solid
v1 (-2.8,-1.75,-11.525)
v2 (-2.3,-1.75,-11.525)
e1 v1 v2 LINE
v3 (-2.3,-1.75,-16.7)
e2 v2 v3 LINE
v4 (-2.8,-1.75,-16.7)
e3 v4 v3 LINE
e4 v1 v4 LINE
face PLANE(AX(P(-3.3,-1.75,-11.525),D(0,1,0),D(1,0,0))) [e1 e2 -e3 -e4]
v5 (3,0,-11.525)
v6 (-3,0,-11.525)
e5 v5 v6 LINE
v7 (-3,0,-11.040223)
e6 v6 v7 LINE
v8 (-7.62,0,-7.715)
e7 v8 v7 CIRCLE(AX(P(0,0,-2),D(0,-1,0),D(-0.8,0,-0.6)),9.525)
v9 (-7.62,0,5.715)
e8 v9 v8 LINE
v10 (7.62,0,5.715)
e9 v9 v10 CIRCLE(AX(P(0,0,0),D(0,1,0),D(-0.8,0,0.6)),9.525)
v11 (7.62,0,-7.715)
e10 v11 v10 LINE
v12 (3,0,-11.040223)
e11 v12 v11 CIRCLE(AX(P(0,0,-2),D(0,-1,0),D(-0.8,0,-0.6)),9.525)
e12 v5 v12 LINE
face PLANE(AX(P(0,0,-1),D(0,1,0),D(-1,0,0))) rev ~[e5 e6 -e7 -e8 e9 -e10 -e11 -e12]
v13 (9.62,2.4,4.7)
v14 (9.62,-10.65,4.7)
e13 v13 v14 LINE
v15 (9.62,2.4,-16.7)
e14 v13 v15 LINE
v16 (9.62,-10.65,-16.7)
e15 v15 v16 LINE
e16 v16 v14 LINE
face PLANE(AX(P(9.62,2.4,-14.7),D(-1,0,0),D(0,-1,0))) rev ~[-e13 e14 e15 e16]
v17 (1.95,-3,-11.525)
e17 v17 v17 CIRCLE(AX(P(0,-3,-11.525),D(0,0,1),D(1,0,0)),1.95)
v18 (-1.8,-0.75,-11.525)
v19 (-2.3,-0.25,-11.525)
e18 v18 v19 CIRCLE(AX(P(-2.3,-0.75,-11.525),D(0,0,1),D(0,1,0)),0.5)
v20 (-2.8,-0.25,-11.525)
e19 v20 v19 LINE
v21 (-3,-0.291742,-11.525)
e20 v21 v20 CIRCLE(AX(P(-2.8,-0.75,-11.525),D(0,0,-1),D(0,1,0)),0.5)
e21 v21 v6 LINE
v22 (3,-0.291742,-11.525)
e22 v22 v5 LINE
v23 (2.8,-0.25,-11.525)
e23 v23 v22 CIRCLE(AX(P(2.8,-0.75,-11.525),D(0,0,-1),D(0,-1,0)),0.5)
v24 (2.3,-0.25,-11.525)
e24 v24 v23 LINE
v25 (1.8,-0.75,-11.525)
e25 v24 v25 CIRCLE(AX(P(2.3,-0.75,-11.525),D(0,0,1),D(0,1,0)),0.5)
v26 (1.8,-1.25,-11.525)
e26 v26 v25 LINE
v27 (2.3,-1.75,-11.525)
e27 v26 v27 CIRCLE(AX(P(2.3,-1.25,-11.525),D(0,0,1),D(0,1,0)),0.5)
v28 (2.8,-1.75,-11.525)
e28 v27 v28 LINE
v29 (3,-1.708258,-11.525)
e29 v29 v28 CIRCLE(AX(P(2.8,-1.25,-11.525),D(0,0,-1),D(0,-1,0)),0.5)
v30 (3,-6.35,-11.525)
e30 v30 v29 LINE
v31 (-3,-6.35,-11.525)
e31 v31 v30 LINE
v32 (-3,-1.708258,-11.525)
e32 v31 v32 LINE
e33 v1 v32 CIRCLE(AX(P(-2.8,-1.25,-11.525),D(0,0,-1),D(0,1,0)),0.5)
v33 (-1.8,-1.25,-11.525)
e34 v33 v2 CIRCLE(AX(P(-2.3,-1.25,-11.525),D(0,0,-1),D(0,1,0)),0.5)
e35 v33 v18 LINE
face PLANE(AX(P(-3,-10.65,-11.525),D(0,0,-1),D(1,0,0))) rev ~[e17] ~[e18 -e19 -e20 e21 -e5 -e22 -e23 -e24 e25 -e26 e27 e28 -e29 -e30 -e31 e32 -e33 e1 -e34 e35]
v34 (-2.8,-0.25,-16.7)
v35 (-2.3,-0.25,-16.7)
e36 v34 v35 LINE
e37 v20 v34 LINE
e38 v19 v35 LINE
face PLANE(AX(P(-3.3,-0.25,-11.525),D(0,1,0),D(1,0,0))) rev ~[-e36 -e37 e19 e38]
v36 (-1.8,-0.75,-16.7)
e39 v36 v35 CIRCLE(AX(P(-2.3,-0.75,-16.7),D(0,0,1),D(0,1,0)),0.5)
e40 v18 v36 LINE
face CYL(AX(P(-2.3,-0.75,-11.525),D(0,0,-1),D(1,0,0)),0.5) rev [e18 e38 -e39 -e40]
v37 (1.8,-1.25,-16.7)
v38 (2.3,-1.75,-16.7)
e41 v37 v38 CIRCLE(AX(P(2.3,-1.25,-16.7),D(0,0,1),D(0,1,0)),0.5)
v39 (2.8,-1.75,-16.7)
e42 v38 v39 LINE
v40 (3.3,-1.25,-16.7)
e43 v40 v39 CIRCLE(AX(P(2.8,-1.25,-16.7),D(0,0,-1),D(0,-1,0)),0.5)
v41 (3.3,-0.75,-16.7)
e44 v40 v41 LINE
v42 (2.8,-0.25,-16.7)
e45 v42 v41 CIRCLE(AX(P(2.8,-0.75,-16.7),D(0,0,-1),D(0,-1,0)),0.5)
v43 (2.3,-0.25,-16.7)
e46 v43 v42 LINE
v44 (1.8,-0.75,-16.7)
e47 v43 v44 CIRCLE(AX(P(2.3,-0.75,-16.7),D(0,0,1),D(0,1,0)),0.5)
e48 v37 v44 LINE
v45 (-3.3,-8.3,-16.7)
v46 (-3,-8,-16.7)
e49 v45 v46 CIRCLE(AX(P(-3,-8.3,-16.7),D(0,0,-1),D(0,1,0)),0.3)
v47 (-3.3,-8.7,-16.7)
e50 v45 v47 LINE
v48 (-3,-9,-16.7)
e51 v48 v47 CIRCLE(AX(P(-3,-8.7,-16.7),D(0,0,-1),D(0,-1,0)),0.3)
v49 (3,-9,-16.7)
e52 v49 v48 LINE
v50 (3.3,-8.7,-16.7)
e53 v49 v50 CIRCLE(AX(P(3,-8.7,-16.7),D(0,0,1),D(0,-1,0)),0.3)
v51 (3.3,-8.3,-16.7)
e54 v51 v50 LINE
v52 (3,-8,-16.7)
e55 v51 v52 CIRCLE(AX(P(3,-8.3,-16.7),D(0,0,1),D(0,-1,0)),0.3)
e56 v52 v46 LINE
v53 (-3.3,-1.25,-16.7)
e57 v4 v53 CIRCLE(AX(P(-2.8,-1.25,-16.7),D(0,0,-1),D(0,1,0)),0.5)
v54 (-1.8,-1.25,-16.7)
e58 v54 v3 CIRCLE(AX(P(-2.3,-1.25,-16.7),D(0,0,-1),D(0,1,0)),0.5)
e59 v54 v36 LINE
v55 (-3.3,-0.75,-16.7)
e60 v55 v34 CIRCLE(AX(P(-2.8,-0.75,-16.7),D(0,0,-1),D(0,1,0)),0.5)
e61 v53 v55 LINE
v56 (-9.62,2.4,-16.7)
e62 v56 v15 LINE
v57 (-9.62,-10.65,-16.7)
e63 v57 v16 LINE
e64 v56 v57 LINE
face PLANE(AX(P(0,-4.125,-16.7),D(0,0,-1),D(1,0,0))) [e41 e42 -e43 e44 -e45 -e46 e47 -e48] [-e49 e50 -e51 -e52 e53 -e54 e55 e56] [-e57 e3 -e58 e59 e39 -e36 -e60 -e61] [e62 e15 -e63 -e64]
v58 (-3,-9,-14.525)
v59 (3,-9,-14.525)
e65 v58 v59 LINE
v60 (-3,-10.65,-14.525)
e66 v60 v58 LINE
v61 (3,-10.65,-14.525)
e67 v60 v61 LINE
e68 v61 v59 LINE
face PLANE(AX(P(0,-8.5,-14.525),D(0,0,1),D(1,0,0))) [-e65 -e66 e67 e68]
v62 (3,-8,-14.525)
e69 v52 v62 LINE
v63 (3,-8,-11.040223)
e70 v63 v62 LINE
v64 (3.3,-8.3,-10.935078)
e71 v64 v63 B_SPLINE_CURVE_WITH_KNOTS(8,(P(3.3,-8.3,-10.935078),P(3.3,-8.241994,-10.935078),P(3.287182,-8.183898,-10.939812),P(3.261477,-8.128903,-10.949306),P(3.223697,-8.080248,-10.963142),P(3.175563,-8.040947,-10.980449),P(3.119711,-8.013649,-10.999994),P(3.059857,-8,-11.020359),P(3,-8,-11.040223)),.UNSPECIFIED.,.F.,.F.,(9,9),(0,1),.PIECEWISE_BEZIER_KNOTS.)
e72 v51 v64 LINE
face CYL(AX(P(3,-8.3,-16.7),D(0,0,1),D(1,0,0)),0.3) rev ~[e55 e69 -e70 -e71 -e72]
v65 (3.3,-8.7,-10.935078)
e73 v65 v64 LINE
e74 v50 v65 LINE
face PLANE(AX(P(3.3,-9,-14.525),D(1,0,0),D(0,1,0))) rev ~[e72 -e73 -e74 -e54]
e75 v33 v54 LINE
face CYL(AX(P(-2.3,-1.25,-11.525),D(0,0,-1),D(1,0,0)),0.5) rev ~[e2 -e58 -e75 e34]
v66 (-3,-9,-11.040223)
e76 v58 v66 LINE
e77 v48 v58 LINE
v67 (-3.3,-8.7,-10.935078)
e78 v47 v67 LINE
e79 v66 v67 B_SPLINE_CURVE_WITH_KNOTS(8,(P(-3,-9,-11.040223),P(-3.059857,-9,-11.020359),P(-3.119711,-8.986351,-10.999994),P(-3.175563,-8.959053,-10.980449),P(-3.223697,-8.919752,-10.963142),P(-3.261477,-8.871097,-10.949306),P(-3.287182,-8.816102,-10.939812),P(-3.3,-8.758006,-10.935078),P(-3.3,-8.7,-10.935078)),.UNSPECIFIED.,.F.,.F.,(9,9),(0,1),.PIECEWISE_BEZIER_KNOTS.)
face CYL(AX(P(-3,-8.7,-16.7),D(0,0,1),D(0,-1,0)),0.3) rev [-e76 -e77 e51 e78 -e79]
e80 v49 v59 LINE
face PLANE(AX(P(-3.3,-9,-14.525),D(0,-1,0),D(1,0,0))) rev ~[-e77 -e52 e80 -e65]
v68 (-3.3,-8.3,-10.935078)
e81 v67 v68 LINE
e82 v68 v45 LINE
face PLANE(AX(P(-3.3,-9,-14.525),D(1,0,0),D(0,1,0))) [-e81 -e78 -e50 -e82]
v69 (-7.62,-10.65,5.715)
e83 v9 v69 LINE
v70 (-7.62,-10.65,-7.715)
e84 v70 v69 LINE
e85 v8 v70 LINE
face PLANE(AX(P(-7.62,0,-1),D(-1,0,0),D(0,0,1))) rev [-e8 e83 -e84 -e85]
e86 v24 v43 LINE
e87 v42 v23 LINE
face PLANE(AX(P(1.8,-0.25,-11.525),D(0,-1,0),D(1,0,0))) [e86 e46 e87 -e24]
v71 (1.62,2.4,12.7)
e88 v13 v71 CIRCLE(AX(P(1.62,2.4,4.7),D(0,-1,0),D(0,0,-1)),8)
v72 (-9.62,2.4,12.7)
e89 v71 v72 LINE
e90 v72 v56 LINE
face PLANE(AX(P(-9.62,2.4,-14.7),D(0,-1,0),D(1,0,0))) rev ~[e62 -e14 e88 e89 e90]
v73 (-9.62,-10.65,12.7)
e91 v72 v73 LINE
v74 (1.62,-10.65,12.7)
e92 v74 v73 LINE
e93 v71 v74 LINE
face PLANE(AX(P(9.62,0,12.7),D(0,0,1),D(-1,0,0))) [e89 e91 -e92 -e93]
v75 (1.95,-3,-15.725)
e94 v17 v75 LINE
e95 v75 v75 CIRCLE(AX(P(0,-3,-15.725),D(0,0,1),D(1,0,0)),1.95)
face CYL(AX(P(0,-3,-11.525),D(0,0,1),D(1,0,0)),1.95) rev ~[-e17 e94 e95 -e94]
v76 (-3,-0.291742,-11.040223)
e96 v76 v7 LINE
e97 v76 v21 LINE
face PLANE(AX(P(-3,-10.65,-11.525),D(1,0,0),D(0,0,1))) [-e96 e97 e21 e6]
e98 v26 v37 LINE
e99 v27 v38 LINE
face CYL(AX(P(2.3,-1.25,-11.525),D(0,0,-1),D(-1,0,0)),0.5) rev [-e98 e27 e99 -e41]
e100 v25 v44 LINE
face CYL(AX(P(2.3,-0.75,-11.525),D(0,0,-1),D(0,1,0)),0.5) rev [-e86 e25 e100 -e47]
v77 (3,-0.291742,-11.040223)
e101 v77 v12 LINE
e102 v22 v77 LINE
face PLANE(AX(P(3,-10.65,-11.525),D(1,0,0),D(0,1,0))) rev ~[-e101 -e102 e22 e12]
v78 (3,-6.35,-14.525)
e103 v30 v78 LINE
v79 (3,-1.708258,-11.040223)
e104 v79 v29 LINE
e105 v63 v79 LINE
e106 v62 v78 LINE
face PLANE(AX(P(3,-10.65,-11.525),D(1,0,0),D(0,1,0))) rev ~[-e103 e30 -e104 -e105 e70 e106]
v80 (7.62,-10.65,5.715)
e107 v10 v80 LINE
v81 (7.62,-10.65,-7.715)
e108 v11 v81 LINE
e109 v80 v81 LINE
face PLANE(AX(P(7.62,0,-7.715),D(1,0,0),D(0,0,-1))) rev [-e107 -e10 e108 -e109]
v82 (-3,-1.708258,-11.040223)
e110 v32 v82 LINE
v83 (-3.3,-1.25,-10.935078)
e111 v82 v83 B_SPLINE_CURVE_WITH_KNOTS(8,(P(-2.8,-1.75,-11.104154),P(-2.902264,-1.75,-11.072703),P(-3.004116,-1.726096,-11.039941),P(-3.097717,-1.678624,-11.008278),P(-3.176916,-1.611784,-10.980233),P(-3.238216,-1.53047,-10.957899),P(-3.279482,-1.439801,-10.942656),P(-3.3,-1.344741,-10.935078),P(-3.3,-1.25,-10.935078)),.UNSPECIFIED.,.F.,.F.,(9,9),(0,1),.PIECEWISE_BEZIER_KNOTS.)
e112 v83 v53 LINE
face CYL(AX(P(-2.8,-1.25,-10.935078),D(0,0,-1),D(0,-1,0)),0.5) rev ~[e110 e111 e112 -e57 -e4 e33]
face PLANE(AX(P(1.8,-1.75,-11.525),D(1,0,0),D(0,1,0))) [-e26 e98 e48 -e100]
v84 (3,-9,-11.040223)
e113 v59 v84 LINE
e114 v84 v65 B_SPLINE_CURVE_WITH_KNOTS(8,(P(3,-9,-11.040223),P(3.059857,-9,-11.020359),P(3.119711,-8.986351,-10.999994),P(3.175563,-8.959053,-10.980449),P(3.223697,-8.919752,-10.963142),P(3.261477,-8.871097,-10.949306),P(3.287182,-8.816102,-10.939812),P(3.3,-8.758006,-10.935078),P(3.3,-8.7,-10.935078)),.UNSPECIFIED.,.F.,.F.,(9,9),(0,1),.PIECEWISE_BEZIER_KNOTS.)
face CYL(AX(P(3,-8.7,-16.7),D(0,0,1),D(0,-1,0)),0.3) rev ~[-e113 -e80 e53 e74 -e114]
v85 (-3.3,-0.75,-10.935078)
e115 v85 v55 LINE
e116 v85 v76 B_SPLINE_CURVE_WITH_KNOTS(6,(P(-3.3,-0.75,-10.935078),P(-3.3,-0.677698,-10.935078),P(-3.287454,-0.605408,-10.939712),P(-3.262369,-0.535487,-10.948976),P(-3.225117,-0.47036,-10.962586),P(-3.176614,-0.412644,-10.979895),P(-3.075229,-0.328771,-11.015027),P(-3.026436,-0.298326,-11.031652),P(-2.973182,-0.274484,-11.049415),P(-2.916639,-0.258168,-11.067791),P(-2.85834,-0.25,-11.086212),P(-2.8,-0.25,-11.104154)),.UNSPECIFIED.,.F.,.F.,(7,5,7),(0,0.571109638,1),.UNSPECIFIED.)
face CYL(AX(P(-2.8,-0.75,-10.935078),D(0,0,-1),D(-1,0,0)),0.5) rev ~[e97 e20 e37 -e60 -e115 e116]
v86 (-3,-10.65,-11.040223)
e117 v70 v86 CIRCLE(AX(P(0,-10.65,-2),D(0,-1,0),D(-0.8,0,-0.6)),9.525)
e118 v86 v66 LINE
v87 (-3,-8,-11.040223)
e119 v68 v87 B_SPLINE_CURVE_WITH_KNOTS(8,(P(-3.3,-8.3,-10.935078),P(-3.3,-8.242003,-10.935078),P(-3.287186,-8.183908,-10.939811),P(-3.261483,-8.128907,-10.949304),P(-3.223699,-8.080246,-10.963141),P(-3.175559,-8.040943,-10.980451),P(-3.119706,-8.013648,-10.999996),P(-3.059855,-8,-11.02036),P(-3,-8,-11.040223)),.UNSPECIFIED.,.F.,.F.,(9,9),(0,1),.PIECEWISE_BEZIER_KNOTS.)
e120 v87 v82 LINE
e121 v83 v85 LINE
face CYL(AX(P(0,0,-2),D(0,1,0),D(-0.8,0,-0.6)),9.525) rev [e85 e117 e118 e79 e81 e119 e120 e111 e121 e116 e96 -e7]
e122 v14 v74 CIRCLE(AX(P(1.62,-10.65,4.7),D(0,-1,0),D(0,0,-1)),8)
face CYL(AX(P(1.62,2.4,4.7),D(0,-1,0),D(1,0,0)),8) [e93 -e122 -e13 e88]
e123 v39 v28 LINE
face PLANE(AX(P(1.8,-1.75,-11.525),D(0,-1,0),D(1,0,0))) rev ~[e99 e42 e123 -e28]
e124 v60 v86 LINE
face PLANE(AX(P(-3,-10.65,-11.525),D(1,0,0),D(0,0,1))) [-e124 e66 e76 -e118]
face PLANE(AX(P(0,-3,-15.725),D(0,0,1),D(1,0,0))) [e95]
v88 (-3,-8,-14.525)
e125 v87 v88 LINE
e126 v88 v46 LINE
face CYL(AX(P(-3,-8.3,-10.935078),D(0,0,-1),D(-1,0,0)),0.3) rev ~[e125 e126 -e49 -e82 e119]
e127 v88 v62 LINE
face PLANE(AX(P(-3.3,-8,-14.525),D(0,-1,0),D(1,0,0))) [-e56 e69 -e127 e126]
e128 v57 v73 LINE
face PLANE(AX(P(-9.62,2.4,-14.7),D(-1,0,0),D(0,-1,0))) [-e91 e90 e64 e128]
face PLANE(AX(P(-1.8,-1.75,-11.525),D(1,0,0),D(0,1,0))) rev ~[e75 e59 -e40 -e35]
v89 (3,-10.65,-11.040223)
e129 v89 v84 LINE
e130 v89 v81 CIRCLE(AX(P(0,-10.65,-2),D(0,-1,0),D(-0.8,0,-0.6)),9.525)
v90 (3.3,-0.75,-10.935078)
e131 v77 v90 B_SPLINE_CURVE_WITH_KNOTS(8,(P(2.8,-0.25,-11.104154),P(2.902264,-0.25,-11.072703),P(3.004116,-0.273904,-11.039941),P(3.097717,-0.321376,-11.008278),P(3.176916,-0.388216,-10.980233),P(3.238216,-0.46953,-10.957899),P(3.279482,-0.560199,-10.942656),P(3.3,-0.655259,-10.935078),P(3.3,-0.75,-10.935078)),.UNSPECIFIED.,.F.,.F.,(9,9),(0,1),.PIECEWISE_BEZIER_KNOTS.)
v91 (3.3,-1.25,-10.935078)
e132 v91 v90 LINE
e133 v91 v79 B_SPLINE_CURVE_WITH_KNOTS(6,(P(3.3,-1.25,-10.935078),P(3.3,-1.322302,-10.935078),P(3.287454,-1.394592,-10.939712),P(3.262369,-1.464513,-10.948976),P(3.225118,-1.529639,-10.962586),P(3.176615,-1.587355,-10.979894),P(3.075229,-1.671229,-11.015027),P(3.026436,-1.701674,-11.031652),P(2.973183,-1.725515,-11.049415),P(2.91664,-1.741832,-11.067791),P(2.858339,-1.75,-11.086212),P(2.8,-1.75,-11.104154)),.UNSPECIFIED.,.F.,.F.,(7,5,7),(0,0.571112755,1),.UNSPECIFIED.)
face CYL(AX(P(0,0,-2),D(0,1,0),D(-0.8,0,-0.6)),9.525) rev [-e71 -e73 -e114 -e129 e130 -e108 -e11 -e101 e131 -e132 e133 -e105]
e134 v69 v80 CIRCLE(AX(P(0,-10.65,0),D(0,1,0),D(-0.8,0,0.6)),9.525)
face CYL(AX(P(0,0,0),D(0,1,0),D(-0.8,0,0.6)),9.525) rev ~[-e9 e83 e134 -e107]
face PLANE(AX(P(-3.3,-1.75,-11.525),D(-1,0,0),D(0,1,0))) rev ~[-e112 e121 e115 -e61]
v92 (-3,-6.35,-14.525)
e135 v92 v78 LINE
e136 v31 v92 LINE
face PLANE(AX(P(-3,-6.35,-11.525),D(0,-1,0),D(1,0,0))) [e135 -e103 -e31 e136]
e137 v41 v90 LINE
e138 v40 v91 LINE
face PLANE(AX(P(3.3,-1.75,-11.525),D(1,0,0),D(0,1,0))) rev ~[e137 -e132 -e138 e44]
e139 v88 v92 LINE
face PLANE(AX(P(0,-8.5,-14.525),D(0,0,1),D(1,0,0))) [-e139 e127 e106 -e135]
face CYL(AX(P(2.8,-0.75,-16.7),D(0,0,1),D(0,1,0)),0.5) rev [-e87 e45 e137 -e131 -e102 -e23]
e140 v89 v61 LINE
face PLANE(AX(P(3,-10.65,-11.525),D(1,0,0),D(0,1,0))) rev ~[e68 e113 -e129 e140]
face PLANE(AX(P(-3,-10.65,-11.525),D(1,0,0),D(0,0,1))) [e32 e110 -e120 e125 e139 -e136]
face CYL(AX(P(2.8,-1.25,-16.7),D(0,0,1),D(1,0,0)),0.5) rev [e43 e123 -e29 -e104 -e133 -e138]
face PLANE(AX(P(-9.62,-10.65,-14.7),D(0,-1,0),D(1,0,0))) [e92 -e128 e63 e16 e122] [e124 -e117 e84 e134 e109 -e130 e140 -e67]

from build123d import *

# Parameters (mm, degrees)
F2_DEPTH       = 10.6500000106
F4_W           = 19.24
F4_H           = 27.4
F5_DEPTH       = 2.4
F6_W           = 6
F6_H           = 0.6600641444
F7_DEPTH       = 10.6500000106
F8_W           = 19.24
F8_H           = 13.0500000106
F9_DEPTH       = 2
F10_R          = 1.95
F11_DEPTH      = 4.2
F12_W          = 6
F12_H          = 4.3
F13_DEPTH      = 3
F14_R          = 8
F15_W          = 6.6
F15_H          = 1
F16_DEPTH      = 8
F16_DEPTH_BACK = 8
F17_R          = 0.3
F18_W          = 1.5
F18_H          = 1.5
F19_DEPTH      = 5.175
F19_DEPTH_BACK = 1
F20_R          = 0.5


with BuildPart() as f2:
    # F1 (on Front) → F2 (new body)
    with BuildSketch(Plane.XZ):
        Polygon((9.62, -1), (9.62, 12.7), (7.62, 12.7), (7.62, 5.715), (7.62, 4.7), (7.62, -1), align=None)
        with BuildLine():
            Line((7.62, 5.715), (7.62, 12.7))
            Line((7.62, 12.7), (-7.62, 12.7))
            Line((-7.62, 12.7), (-7.62, 5.715))
            ThreePointArc((-7.62, 5.715), (0, 9.525), (7.62, 5.715))
        make_face()
        Polygon((-7.62, 5.715), (-7.62, 12.7), (-9.62, 12.7), (-9.62, -1), (-7.62, -1), (-7.62, 4.7), align=None)
    extrude(amount=F2_DEPTH)

    # F3: F2 across face


with BuildPart() as f2_1:
    add(f2.part)
    add(f2.part.mirror(Plane(origin=(-8.62, -5.3250000053, -1), x_dir=(1, 0, 0), z_dir=(0, 0, -1))))

    # F4 (on face) → F5 (join)
    with BuildSketch(Plane(origin=(0, 0, 0), x_dir=(-1, 0, 0), z_dir=(0, 1, 0))):
        with Locations((0, -1)):
            Rectangle(F4_W, F4_H)
    extrude(amount=F5_DEPTH)

    # F6 (on face) → F7 (cut, through all)
    with BuildSketch(Plane.XZ.offset(10.6500000106)):
        with Locations((0, -11.1949679278)):
            Rectangle(F6_W, F6_H)
    extrude(amount=-F7_DEPTH, mode=Mode.SUBTRACT)

    # F8 (on face) → F9 (join)
    with BuildSketch(Plane(origin=(0, 0, -14.7), x_dir=(1, 0, 0), z_dir=(0, 0, -1))):
        with Locations((0, 4.1250000053)):
            Rectangle(F8_W, F8_H)
    extrude(amount=F9_DEPTH)

    # F10 (on face) → F11 (cut)
    with BuildSketch(Plane.XY.offset(-11.525)):
        with Locations((0, -3)):
            Circle(F10_R)
    extrude(amount=-F11_DEPTH, mode=Mode.SUBTRACT)

    # F12 (on face) → F13 (cut)
    with BuildSketch(Plane.XY.offset(-11.525)):
        with Locations((0, -8.5000000106)):
            Rectangle(F12_W, F12_H)
    extrude(amount=-F13_DEPTH, mode=Mode.SUBTRACT)

    # F14
    f14_edges = [f2_1.edges().sort_by_distance(p)[0] for p in [
        (9.62, -4.125, 12.7),
    ]]
    fillet(f14_edges, radius=F14_R)

    # F15 (on face) → F16 (cut, two sides)
    with BuildSketch(Plane.XY.offset(-14.525)) as f16_sk:
        with Locations((0, -8.5000000106)):
            Rectangle(F15_W, F15_H)
    extrude(amount=-F16_DEPTH, mode=Mode.SUBTRACT)
    extrude(f16_sk.sketch, amount=F16_DEPTH_BACK, mode=Mode.SUBTRACT)

    # F17
    f17_edges = [f2_1.edges().sort_by_distance(p)[0] for p in [
        (3.3, -8, -13.817539),
        (-3.3, -8, -13.817539),
        (-3.3, -9, -13.817539),
        (3.3, -9, -13.817539),
    ]]
    fillet(f17_edges, radius=F17_R)

    # F18 (on face) → F19 (cut, two sides)
    with BuildSketch(Plane.XY.offset(-11.525)) as f19_sk:
        with Locations((2.55, -1)):
            Rectangle(F18_W, F18_H)
        with Locations((-2.55, -1)):
            Rectangle(F18_W, F18_H)
    extrude(amount=-F19_DEPTH, mode=Mode.SUBTRACT)
    extrude(f19_sk.sketch, amount=F19_DEPTH_BACK, mode=Mode.SUBTRACT)

    # F20
    f20_edges = [f2_1.edges().sort_by_distance(p)[0] for p in [
        (3.3, -0.25, -13.817539),
        (3.3, -1.75, -13.817539),
        (1.8, -1.75, -14.1125),
        (1.8, -0.25, -14.1125),
        (-3.3, -0.25, -13.817539),
        (-1.8, -0.25, -14.1125),
        (-1.8, -1.75, -14.1125),
        (-3.3, -1.75, -13.817539),
    ]]
    fillet(f20_edges, radius=F20_R)


solid = f2_1.part
